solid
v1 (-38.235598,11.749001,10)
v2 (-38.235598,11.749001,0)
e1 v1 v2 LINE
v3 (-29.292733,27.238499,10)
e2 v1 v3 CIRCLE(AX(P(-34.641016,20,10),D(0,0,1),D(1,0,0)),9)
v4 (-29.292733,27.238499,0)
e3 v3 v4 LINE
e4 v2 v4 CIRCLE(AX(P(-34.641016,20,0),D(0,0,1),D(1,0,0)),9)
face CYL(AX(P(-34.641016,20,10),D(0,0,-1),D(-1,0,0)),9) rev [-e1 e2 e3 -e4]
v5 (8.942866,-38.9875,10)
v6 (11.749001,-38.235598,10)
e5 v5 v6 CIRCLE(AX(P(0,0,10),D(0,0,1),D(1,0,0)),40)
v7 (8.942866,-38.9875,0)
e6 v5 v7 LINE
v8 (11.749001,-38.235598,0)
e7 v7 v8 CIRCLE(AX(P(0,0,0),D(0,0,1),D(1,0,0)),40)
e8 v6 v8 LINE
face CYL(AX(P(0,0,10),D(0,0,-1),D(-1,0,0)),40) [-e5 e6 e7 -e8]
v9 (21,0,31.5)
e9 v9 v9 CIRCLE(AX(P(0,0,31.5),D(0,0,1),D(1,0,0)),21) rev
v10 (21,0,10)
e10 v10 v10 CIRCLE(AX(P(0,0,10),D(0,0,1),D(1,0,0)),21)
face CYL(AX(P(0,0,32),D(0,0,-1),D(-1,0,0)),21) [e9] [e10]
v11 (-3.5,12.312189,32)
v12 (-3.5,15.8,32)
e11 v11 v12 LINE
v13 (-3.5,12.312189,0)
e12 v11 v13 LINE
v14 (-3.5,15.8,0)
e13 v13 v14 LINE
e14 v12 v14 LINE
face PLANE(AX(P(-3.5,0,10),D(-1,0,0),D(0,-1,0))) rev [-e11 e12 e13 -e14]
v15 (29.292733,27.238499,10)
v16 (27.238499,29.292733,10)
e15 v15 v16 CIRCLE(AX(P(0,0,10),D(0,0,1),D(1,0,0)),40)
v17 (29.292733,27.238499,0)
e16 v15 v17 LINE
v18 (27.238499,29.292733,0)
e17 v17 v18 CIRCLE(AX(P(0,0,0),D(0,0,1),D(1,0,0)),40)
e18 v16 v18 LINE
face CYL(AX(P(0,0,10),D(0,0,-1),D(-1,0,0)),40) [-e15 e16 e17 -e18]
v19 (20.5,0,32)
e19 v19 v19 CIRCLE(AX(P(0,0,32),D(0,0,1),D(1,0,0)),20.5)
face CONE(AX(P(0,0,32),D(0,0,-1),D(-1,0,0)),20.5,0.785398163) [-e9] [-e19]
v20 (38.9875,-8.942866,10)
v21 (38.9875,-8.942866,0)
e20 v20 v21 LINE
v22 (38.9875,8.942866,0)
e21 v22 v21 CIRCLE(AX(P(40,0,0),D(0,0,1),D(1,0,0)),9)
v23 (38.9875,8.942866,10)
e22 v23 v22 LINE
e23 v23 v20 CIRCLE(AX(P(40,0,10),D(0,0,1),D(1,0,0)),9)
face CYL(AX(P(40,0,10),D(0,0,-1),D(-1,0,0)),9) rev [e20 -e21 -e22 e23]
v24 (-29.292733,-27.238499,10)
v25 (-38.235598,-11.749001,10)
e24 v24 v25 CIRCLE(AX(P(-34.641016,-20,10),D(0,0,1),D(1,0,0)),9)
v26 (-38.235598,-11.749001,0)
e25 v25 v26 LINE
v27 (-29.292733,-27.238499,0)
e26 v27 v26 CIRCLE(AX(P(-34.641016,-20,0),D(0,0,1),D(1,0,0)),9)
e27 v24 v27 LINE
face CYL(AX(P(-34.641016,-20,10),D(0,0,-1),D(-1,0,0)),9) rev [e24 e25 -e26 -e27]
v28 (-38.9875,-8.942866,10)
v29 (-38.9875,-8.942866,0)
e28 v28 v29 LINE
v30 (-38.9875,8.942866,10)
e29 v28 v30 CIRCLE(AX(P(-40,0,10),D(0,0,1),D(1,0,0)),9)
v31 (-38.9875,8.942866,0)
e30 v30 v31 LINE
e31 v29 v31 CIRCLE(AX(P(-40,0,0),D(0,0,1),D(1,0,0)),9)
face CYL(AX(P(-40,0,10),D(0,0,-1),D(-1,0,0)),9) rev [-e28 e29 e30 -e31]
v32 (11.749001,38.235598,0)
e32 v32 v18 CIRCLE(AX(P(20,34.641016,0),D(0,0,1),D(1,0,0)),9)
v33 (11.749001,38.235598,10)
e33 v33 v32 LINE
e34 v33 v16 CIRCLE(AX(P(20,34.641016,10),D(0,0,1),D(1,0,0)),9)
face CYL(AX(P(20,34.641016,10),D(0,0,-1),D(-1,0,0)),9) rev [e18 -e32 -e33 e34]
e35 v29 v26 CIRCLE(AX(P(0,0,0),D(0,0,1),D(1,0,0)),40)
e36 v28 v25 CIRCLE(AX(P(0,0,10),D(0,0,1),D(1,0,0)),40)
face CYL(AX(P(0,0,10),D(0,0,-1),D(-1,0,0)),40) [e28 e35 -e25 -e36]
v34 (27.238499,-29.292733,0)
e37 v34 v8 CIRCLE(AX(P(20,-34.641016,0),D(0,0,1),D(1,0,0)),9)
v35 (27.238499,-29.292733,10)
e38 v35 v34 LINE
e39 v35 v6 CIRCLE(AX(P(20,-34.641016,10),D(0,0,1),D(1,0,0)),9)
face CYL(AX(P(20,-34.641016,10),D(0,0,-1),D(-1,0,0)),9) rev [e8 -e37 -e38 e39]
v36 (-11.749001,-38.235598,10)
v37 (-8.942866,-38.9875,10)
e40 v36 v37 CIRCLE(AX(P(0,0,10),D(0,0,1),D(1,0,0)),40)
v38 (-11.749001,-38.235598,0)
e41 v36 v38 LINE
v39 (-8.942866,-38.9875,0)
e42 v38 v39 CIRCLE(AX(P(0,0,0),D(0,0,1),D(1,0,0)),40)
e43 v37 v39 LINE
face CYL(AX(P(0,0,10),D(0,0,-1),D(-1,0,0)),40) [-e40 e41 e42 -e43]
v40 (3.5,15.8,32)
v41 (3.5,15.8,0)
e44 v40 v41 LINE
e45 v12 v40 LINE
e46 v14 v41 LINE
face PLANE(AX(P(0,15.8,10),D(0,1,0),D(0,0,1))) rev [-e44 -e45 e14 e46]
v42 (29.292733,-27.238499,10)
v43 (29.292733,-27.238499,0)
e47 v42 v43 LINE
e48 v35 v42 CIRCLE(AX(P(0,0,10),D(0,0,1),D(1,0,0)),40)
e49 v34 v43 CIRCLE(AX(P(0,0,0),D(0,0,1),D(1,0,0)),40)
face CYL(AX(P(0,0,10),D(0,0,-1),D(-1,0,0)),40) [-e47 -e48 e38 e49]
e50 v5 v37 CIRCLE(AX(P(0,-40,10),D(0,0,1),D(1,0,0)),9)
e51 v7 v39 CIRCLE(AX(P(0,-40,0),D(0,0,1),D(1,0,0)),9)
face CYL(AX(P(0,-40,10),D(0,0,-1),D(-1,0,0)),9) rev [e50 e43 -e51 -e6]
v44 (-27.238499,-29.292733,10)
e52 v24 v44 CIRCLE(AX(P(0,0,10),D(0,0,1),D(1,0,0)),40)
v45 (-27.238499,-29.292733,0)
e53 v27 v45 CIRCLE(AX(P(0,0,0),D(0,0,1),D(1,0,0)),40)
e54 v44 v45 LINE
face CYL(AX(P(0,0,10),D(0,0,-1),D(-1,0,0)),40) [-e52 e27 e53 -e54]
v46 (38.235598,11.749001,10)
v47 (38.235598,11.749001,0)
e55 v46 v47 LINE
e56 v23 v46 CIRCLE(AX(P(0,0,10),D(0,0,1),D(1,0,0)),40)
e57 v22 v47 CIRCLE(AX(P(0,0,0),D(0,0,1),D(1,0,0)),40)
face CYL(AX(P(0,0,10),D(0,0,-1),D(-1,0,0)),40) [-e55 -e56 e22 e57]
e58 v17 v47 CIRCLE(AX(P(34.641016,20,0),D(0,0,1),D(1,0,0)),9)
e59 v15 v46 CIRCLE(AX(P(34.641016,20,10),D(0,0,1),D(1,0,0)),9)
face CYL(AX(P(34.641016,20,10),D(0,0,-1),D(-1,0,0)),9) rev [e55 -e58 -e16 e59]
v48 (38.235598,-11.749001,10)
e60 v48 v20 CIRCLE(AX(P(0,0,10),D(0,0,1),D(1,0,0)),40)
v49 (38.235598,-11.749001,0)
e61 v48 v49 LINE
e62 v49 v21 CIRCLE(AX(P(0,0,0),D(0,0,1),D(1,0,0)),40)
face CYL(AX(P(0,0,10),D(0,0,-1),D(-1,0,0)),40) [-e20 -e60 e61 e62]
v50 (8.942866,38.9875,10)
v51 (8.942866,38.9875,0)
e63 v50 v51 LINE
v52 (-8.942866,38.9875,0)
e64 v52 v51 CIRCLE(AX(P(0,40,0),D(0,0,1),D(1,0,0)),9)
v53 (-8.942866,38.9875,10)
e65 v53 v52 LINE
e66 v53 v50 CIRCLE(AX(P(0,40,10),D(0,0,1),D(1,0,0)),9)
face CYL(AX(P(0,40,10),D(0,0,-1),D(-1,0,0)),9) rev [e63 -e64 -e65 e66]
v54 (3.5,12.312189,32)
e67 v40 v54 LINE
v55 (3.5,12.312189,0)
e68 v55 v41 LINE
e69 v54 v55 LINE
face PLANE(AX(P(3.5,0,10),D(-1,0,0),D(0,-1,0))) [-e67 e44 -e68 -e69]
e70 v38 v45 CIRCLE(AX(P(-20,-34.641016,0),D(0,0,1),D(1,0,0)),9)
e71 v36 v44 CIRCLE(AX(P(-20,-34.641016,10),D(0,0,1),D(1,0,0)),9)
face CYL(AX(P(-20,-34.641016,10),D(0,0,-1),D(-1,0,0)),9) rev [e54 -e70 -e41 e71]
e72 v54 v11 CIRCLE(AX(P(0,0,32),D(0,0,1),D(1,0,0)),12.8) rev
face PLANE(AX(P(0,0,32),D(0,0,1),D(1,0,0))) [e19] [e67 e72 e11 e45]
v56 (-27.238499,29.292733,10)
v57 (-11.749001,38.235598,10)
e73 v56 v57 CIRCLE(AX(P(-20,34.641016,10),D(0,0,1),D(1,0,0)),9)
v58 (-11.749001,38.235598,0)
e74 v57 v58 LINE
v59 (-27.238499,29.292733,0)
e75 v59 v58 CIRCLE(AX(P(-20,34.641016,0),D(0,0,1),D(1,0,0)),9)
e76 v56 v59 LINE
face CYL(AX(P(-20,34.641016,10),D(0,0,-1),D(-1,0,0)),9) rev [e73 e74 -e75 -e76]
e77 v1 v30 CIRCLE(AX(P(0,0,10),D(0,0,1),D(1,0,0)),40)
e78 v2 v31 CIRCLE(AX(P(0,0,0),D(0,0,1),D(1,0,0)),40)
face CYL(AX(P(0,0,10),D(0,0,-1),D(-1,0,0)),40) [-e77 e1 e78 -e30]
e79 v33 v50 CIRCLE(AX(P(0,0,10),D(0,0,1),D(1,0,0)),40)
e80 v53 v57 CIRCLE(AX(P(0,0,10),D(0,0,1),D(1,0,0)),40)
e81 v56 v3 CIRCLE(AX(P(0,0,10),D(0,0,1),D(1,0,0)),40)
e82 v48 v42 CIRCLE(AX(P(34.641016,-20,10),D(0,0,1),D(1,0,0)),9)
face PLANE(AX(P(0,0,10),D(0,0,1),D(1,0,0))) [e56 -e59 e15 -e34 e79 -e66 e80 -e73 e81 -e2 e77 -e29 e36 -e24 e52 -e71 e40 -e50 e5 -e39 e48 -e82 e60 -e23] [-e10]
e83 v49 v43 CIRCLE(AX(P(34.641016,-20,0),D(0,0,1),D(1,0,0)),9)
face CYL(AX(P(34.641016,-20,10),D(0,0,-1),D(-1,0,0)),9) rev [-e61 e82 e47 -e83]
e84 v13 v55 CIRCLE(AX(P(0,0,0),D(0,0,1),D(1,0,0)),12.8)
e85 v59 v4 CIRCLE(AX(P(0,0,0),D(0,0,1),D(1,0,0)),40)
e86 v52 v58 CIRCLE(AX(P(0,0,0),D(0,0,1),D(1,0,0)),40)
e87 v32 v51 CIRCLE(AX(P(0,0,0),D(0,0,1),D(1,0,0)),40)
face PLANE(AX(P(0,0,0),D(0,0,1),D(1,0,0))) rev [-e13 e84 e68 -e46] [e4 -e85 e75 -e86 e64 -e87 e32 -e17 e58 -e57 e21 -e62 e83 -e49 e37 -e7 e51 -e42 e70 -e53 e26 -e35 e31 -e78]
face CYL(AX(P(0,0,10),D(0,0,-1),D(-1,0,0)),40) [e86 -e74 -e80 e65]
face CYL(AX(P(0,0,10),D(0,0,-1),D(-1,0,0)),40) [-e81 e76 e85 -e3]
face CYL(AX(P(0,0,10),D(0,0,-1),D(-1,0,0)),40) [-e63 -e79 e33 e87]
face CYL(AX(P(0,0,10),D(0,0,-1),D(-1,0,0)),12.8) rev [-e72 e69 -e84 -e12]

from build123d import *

# Parameters (mm, degrees)
P_IDAT_VYSUNUT_M2_DEPTH  = 10
SKICA2_R                 = 21
P_IDAT_VYSUNUT_M3_DEPTH  = 22
SKICA3_R                 = 12.8
SKICA3_W                 = 7
SKICA3_H                 = 3.487810918
ODEBRAT_VYSUNUT_M1_DEPTH = 61
ZKOSEN_3_SIZE            = 0.5


with BuildPart() as part:
    # Skica1 → Přidat vysunutím2 (new body)
    with BuildSketch(Plane.XY):
        with BuildLine():
            ThreePointArc((38.9875, -8.942865522), (31, 0), (38.9875, 8.942865522))
            ThreePointArc((38.9875, 8.942865522), (38.637033052, 10.352761804), (38.235598191, 11.749001275))
            ThreePointArc((38.235598191, 11.749001275), (26.846787517, 15.5), (29.292732669, 27.238498725))
            ThreePointArc((29.292732669, 27.238498725), (28.284271247, 28.284271247), (27.238498725, 29.292732669))
            ThreePointArc((27.238498725, 29.292732669), (15.5, 26.846787517), (11.749001275, 38.235598191))
            ThreePointArc((11.749001275, 38.235598191), (10.352761804, 38.637033052), (8.942865522, 38.9875))
            ThreePointArc((8.942865522, 38.9875), (0, 31), (-8.942865522, 38.9875))
            ThreePointArc((-8.942865522, 38.9875), (-10.352761804, 38.637033052), (-11.749001275, 38.235598191))
            ThreePointArc((-11.749001275, 38.235598191), (-15.5, 26.846787517), (-27.238498725, 29.292732669))
            ThreePointArc((-27.238498725, 29.292732669), (-28.284271247, 28.284271247), (-29.292732669, 27.238498725))
            ThreePointArc((-29.292732669, 27.238498725), (-26.846787517, 15.5), (-38.235598191, 11.749001275))
            ThreePointArc((-38.235598191, 11.749001275), (-38.637033052, 10.352761804), (-38.9875, 8.942865522))
            ThreePointArc((-38.9875, 8.942865522), (-31, 0), (-38.9875, -8.942865522))
            ThreePointArc((-38.9875, -8.942865522), (-38.637033052, -10.352761804), (-38.235598191, -11.749001275))
            ThreePointArc((-38.235598191, -11.749001275), (-26.846787517, -15.5), (-29.292732669, -27.238498725))
            ThreePointArc((-29.292732669, -27.238498725), (-28.284271247, -28.284271247), (-27.238498725, -29.292732669))
            ThreePointArc((-27.238498725, -29.292732669), (-15.5, -26.846787517), (-11.749001275, -38.235598191))
            ThreePointArc((-11.749001275, -38.235598191), (-10.352761804, -38.637033052), (-8.942865522, -38.9875))
            ThreePointArc((-8.942865522, -38.9875), (0, -31), (8.942865522, -38.9875))
            ThreePointArc((8.942865522, -38.9875), (10.352761804, -38.637033052), (11.749001275, -38.235598191))
            ThreePointArc((11.749001275, -38.235598191), (15.5, -26.846787517), (27.238498725, -29.292732669))
            ThreePointArc((27.238498725, -29.292732669), (28.284271247, -28.284271247), (29.292732669, -27.238498725))
            ThreePointArc((29.292732669, -27.238498725), (26.846787517, -15.5), (38.235598191, -11.749001275))
            ThreePointArc((38.235598191, -11.749001275), (38.637033052, -10.352761804), (38.9875, -8.942865522))
        make_face()
        with BuildLine():
            Line((-3.5, 12.312189082), (-3.5, 15.8))
            Line((-3.5, 15.8), (3.5, 15.8))
            Line((3.5, 15.8), (3.5, 12.312189082))
            ThreePointArc((3.5, 12.312189082), (0, -12.8), (-3.5, 12.312189082))
        make_face(mode=Mode.SUBTRACT)
    extrude(amount=P_IDAT_VYSUNUT_M2_DEPTH)

    # Skica2 → Přidat vysunutím3 (add)
    with BuildSketch(Plane.XY.offset(10)):
        Circle(SKICA2_R)
    extrude(amount=P_IDAT_VYSUNUT_M3_DEPTH)

    # Skica3 → Odebrat vysunutím1 (cut)
    with BuildSketch(Plane(origin=(0, 0, 0), x_dir=(-1, 0, 0), z_dir=(0, 0, -1))):
        Circle(SKICA3_R)
        with Locations((0, 14.056094541)):
            Rectangle(SKICA3_W, SKICA3_H)
    extrude(amount=-ODEBRAT_VYSUNUT_M1_DEPTH, mode=Mode.SUBTRACT)

    # Zkosení3
    zkosen_3_edges = [part.edges().sort_by_distance(p)[0] for p in [
        (-21, 0, 32),
    ]]
    chamfer(zkosen_3_edges, length=ZKOSEN_3_SIZE)


solid = part.part
